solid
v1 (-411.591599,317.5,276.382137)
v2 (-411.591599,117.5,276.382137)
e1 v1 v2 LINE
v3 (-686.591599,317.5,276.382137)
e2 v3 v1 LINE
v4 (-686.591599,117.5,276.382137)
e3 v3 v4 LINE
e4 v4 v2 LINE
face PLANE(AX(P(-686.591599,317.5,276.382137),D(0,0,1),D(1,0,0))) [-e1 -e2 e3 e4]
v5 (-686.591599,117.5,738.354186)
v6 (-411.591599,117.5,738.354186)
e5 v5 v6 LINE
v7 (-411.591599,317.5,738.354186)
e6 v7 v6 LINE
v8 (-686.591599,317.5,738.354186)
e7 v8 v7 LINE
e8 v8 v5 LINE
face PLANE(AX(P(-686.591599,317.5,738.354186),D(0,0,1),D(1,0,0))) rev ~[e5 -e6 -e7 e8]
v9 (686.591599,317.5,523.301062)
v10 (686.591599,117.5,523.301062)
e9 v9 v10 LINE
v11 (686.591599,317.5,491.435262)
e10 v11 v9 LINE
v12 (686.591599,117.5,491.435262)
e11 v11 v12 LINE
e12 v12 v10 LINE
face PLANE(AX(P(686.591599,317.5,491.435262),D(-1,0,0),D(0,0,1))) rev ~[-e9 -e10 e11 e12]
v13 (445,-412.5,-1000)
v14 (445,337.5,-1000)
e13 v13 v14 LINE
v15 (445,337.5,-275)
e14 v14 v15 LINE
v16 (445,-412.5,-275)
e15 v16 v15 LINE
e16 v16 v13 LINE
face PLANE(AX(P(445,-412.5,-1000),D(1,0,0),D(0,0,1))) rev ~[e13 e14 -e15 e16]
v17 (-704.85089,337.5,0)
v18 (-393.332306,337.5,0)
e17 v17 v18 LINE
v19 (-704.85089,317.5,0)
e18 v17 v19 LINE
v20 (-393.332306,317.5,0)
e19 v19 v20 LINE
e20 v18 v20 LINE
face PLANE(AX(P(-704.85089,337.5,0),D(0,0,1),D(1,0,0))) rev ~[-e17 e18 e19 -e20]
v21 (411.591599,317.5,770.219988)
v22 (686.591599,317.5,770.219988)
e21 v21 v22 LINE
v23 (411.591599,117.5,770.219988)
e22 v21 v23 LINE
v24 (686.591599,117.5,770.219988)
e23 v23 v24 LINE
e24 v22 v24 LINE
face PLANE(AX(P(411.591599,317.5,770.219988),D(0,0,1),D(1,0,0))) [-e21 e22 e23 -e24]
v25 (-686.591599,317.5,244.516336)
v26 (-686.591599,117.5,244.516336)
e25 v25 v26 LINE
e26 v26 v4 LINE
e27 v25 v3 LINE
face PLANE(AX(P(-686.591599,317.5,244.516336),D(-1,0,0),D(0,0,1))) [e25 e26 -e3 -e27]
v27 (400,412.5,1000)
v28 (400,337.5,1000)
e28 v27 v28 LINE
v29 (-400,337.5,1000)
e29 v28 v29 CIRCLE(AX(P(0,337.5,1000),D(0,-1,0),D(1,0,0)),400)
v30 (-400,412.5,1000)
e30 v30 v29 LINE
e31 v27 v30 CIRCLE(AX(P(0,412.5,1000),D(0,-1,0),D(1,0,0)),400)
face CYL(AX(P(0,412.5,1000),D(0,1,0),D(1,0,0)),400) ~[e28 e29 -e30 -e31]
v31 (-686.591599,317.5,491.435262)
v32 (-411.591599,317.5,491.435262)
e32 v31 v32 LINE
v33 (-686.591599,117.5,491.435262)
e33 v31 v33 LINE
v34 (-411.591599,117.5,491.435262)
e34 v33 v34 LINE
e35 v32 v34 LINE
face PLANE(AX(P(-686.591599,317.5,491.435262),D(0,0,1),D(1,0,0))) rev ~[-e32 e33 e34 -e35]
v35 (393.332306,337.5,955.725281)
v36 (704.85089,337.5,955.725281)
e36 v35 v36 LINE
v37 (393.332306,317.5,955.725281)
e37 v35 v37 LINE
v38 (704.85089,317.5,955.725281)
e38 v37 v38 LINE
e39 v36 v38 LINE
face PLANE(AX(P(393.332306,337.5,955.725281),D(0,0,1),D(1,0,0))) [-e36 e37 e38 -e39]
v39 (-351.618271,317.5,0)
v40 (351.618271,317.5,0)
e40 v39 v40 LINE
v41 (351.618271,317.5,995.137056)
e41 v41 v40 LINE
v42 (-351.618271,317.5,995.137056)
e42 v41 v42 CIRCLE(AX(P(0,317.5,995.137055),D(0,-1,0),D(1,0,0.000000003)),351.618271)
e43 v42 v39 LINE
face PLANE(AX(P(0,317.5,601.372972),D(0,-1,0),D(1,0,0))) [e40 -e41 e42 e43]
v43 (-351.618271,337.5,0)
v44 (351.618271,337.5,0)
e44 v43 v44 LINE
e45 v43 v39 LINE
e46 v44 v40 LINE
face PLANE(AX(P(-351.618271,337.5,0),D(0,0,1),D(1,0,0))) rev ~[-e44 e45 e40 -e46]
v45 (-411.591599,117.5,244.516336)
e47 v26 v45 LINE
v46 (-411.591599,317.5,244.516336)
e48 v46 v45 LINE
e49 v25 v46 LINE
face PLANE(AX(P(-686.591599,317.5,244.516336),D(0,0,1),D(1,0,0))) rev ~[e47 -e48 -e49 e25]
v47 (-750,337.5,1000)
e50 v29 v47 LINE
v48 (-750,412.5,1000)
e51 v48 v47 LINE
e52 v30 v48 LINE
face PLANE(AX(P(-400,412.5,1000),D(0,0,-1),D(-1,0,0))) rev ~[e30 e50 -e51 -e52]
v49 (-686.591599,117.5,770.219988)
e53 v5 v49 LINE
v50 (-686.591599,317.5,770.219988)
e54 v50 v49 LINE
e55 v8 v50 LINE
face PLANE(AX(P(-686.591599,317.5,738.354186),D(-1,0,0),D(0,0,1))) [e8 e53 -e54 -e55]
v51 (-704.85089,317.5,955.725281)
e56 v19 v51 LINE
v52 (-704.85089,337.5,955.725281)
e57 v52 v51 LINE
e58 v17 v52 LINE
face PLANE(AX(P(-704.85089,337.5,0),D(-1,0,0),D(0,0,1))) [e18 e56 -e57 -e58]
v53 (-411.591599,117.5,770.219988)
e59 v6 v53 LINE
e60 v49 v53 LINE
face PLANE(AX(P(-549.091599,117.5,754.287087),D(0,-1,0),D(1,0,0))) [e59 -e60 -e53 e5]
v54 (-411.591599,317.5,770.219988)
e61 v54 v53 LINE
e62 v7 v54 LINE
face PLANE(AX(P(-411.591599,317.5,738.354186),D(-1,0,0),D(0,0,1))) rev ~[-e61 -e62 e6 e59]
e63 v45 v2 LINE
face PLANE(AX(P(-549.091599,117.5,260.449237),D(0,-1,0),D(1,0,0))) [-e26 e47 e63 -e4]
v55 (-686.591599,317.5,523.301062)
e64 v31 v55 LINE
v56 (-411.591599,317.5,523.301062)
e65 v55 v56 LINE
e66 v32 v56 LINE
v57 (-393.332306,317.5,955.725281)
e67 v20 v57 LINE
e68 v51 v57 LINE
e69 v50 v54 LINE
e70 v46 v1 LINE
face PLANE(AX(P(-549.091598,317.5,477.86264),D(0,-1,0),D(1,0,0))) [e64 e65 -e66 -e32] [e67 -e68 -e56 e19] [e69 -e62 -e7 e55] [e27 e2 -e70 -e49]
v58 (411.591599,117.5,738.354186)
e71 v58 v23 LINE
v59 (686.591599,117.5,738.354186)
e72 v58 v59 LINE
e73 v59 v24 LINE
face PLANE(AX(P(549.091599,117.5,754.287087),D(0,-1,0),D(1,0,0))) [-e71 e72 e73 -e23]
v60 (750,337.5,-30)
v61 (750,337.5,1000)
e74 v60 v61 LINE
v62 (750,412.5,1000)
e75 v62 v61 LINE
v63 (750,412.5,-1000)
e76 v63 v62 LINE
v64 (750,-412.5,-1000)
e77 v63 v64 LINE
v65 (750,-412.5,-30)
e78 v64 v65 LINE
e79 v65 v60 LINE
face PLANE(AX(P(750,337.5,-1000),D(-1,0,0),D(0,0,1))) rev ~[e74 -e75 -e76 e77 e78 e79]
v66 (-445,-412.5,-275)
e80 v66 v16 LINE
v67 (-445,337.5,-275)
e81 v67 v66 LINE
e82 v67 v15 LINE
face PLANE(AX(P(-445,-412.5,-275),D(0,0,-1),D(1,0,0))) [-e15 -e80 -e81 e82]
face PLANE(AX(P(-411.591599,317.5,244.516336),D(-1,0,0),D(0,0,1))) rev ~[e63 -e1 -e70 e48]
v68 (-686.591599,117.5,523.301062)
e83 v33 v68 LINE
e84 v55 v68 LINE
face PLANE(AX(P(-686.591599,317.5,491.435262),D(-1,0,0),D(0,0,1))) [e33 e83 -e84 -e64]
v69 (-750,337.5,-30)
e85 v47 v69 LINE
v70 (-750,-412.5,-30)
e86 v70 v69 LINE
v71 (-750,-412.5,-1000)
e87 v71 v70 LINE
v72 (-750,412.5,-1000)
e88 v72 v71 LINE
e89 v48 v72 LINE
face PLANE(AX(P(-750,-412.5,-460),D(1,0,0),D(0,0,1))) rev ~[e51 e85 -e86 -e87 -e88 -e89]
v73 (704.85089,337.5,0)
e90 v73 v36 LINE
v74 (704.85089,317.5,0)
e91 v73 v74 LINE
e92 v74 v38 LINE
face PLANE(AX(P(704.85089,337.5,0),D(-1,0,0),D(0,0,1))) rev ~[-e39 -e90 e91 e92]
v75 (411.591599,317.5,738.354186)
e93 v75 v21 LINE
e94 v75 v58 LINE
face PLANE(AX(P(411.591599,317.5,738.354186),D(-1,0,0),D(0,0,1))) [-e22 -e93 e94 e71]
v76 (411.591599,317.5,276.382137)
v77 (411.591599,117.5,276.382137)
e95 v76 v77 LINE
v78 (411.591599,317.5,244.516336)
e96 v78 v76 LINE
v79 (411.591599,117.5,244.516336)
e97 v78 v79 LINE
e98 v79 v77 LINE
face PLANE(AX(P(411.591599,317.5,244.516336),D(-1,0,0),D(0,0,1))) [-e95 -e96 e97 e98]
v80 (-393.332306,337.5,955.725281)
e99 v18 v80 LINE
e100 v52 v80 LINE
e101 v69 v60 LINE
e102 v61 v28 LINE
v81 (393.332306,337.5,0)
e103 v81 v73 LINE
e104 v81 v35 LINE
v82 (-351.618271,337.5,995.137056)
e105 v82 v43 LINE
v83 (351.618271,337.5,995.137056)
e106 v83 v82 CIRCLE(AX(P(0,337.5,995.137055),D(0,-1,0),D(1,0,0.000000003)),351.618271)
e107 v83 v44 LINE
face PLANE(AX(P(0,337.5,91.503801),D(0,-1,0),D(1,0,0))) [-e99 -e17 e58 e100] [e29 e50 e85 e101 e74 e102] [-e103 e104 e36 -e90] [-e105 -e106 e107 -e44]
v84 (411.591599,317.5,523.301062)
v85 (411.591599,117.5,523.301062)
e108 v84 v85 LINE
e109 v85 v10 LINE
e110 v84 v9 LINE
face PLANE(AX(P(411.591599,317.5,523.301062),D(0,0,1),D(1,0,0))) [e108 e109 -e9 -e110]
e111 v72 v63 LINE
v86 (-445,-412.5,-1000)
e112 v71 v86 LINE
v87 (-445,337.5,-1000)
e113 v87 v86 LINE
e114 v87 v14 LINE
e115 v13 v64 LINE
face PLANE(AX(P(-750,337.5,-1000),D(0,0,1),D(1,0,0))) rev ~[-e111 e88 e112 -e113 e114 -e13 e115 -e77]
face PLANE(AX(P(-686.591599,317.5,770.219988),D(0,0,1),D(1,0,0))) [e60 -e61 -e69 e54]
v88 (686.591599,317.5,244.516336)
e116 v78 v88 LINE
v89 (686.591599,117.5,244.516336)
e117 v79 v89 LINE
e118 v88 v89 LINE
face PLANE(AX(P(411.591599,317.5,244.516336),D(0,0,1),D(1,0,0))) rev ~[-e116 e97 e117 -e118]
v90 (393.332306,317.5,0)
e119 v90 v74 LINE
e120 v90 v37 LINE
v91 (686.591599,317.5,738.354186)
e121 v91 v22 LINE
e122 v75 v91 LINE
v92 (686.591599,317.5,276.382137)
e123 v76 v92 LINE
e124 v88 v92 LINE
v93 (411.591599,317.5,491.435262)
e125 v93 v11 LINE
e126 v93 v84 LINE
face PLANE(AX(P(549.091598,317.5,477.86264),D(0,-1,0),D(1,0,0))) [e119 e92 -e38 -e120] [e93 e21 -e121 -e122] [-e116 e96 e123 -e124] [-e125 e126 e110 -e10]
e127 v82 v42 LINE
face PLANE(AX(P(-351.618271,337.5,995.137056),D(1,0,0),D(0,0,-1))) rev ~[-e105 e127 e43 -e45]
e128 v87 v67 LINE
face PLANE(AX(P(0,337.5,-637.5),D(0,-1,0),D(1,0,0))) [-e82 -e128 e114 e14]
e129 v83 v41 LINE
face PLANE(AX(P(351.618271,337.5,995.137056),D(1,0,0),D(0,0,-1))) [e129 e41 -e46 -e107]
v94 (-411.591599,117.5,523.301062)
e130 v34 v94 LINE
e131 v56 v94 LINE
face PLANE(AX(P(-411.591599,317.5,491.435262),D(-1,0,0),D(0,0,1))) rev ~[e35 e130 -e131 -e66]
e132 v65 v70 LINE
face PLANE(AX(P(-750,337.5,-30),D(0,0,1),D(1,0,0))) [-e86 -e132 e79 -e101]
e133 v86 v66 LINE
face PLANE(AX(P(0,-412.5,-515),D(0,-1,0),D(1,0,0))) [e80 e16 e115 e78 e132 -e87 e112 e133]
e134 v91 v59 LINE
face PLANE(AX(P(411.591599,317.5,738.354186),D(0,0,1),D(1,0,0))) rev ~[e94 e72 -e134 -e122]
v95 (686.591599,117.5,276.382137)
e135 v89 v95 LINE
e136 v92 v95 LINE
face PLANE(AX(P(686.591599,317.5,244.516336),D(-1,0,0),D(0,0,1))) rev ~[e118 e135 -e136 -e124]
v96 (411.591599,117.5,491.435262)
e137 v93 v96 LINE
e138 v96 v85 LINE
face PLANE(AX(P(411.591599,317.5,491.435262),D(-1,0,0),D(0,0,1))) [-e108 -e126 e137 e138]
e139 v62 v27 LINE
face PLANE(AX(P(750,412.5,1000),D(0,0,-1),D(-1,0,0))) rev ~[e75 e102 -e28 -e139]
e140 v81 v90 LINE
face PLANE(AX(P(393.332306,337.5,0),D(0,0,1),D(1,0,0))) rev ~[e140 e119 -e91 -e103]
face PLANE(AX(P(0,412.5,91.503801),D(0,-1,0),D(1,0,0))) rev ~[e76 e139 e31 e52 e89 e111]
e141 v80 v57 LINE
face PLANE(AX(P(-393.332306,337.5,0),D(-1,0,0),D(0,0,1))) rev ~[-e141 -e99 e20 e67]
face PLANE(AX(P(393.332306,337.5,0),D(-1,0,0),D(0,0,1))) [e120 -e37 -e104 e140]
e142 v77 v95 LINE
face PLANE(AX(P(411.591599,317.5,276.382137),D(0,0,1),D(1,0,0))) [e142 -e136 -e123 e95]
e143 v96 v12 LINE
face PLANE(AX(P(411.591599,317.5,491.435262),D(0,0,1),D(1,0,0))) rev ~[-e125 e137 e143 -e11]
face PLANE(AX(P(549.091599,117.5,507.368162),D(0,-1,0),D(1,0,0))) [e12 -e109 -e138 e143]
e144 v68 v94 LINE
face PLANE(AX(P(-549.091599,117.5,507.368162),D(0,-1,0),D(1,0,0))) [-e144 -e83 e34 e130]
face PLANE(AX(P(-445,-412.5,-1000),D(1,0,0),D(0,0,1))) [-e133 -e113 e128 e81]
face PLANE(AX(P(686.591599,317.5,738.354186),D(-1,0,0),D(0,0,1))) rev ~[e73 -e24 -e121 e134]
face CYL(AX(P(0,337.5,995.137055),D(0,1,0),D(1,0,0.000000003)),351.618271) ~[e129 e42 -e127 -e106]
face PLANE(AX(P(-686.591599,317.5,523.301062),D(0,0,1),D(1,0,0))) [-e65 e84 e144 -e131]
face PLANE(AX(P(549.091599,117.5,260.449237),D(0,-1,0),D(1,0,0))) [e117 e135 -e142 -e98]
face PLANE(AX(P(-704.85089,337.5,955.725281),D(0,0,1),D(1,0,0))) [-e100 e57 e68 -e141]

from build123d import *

# Parameters (mm, degrees)
PAD_DEPTH     = 75
SKETCH001_W   = 311.518585
SKETCH001_H   = 955.725281
PAD001_DEPTH  = 20
SKETCH002_W   = 275
SKETCH002_H   = 31.865801
PAD002_DEPTH  = 200
SKETCH003_W   = 1500
SKETCH003_H   = 970
PAD003_DEPTH  = 750
SKETCH004_W   = 890
SKETCH004_H   = 725
POCKET_DEPTH  = 750
SKETCH005_W   = 305
SKETCH005_H   = 245
SKETCH005_H_2 = 180
PAD004_DEPTH  = 25
SKETCH006_W   = 305
SKETCH006_H   = 185
SKETCH006_H_2 = 180
SKETCH006_W_2 = 890
SKETCH006_H_3 = 245
PAD005_DEPTH  = 25


with BuildPart() as part:
    # Sketch → Pad (new body)
    with BuildSketch(Plane.XZ):
        with BuildLine():
            Line((-750, -1000), (750, -1000))
            Line((750, -1000), (750, 1000))
            Line((750, 1000), (400, 1000))
            ThreePointArc((400, 1000), (0, 1400), (-400, 1000))
            Line((-400, 1000), (-750, 1000))
            Line((-750, 1000), (-750, -1000))
        make_face()
    extrude(amount=PAD_DEPTH)

    # Sketch001 (on Face8 of Pad) → Pad001 (join)
    with BuildSketch(Plane.XZ.offset(75)):
        with BuildLine():
            ThreePointArc((351.618271, 995.137056), (0, 1346.755326), (-351.618271, 995.137056))
            Line((-351.618271, 995.137056), (-351.618271, 0))
            Line((-351.618271, 0), (351.618271, 0))
            Line((351.618271, 995.137056), (351.618271, 0))
        make_face()
        with Locations((549.091598, 477.86264)):
            Rectangle(SKETCH001_W, SKETCH001_H)
        with Locations((-549.091598, 477.86264)):
            Rectangle(SKETCH001_W, SKETCH001_H)
    extrude(amount=PAD001_DEPTH)

    # Sketch002 (on Face21 of Pad001) → Pad002 (join)
    with BuildSketch(Plane.XZ.offset(95)):
        with Locations((-549.091599, 754.287087)):
            Rectangle(SKETCH002_W, SKETCH002_H)
        with Locations((-549.091599, 507.368162)):
            Rectangle(SKETCH002_W, SKETCH002_H)
        with Locations((-549.091599, 260.449237)):
            Rectangle(SKETCH002_W, SKETCH002_H)
        with Locations((549.091599, 754.287087)):
            Rectangle(SKETCH002_W, SKETCH002_H)
        with Locations((549.091599, 507.368162)):
            Rectangle(SKETCH002_W, SKETCH002_H)
        with Locations((549.091599, 260.449237)):
            Rectangle(SKETCH002_W, SKETCH002_H)
    extrude(amount=PAD002_DEPTH)

    # Sketch003 (on Face5 of Pad002) → Pad003 (join)
    with BuildSketch(Plane.XZ.offset(75)):
        with Locations((0, -515)):
            Rectangle(SKETCH003_W, SKETCH003_H)
    extrude(amount=PAD003_DEPTH)

    # Sketch004 (on Face12 of Pad003) → Pocket (cut)
    with BuildSketch(Plane.XZ.offset(825)):
        with Locations((0, -637.5)):
            Rectangle(SKETCH004_W, SKETCH004_H)
    extrude(amount=-POCKET_DEPTH, mode=Mode.SUBTRACT)

    # Sketch005 (on Face15 of Pocket) → Pad004 (join)
    with BuildSketch(Plane.XZ.offset(825)):
        with Locations((-597.5, -152.5)):
            Rectangle(SKETCH005_W, SKETCH005_H)
        with Locations((-597.5, -550)):
            Rectangle(SKETCH005_W, SKETCH005_H_2)
        with Locations((-597.5, -910)):
            Rectangle(SKETCH005_W, SKETCH005_H_2)
        with Locations((597.5, -152.5)):
            Rectangle(SKETCH005_W, SKETCH005_H)
        with Locations((597.5, -550)):
            Rectangle(SKETCH005_W, SKETCH005_H_2)
        with Locations((597.5, -910)):
            Rectangle(SKETCH005_W, SKETCH005_H_2)
    extrude(amount=-PAD004_DEPTH)

    # Sketch006 (on Face35 of Pad004) → Pad005 (join)
    with BuildSketch(Plane.XZ.offset(825)):
        with Locations((-597.5, -367.5)):
            Rectangle(SKETCH006_W, SKETCH006_H)
        with Locations((-597.5, -730)):
            Rectangle(SKETCH006_W, SKETCH006_H_2)
        with Locations((597.5, -367.5)):
            Rectangle(SKETCH006_W, SKETCH006_H)
        with Locations((597.5, -730)):
            Rectangle(SKETCH006_W, SKETCH006_H_2)
        with Locations((0, -152.5)):
            Rectangle(SKETCH006_W_2, SKETCH006_H_3)
    extrude(amount=-PAD005_DEPTH)


with BuildPart() as part_1:
    # Body placement: moved
    add(part.part.moved(Location((0, 412.5, 0))))


solid = part_1.part
